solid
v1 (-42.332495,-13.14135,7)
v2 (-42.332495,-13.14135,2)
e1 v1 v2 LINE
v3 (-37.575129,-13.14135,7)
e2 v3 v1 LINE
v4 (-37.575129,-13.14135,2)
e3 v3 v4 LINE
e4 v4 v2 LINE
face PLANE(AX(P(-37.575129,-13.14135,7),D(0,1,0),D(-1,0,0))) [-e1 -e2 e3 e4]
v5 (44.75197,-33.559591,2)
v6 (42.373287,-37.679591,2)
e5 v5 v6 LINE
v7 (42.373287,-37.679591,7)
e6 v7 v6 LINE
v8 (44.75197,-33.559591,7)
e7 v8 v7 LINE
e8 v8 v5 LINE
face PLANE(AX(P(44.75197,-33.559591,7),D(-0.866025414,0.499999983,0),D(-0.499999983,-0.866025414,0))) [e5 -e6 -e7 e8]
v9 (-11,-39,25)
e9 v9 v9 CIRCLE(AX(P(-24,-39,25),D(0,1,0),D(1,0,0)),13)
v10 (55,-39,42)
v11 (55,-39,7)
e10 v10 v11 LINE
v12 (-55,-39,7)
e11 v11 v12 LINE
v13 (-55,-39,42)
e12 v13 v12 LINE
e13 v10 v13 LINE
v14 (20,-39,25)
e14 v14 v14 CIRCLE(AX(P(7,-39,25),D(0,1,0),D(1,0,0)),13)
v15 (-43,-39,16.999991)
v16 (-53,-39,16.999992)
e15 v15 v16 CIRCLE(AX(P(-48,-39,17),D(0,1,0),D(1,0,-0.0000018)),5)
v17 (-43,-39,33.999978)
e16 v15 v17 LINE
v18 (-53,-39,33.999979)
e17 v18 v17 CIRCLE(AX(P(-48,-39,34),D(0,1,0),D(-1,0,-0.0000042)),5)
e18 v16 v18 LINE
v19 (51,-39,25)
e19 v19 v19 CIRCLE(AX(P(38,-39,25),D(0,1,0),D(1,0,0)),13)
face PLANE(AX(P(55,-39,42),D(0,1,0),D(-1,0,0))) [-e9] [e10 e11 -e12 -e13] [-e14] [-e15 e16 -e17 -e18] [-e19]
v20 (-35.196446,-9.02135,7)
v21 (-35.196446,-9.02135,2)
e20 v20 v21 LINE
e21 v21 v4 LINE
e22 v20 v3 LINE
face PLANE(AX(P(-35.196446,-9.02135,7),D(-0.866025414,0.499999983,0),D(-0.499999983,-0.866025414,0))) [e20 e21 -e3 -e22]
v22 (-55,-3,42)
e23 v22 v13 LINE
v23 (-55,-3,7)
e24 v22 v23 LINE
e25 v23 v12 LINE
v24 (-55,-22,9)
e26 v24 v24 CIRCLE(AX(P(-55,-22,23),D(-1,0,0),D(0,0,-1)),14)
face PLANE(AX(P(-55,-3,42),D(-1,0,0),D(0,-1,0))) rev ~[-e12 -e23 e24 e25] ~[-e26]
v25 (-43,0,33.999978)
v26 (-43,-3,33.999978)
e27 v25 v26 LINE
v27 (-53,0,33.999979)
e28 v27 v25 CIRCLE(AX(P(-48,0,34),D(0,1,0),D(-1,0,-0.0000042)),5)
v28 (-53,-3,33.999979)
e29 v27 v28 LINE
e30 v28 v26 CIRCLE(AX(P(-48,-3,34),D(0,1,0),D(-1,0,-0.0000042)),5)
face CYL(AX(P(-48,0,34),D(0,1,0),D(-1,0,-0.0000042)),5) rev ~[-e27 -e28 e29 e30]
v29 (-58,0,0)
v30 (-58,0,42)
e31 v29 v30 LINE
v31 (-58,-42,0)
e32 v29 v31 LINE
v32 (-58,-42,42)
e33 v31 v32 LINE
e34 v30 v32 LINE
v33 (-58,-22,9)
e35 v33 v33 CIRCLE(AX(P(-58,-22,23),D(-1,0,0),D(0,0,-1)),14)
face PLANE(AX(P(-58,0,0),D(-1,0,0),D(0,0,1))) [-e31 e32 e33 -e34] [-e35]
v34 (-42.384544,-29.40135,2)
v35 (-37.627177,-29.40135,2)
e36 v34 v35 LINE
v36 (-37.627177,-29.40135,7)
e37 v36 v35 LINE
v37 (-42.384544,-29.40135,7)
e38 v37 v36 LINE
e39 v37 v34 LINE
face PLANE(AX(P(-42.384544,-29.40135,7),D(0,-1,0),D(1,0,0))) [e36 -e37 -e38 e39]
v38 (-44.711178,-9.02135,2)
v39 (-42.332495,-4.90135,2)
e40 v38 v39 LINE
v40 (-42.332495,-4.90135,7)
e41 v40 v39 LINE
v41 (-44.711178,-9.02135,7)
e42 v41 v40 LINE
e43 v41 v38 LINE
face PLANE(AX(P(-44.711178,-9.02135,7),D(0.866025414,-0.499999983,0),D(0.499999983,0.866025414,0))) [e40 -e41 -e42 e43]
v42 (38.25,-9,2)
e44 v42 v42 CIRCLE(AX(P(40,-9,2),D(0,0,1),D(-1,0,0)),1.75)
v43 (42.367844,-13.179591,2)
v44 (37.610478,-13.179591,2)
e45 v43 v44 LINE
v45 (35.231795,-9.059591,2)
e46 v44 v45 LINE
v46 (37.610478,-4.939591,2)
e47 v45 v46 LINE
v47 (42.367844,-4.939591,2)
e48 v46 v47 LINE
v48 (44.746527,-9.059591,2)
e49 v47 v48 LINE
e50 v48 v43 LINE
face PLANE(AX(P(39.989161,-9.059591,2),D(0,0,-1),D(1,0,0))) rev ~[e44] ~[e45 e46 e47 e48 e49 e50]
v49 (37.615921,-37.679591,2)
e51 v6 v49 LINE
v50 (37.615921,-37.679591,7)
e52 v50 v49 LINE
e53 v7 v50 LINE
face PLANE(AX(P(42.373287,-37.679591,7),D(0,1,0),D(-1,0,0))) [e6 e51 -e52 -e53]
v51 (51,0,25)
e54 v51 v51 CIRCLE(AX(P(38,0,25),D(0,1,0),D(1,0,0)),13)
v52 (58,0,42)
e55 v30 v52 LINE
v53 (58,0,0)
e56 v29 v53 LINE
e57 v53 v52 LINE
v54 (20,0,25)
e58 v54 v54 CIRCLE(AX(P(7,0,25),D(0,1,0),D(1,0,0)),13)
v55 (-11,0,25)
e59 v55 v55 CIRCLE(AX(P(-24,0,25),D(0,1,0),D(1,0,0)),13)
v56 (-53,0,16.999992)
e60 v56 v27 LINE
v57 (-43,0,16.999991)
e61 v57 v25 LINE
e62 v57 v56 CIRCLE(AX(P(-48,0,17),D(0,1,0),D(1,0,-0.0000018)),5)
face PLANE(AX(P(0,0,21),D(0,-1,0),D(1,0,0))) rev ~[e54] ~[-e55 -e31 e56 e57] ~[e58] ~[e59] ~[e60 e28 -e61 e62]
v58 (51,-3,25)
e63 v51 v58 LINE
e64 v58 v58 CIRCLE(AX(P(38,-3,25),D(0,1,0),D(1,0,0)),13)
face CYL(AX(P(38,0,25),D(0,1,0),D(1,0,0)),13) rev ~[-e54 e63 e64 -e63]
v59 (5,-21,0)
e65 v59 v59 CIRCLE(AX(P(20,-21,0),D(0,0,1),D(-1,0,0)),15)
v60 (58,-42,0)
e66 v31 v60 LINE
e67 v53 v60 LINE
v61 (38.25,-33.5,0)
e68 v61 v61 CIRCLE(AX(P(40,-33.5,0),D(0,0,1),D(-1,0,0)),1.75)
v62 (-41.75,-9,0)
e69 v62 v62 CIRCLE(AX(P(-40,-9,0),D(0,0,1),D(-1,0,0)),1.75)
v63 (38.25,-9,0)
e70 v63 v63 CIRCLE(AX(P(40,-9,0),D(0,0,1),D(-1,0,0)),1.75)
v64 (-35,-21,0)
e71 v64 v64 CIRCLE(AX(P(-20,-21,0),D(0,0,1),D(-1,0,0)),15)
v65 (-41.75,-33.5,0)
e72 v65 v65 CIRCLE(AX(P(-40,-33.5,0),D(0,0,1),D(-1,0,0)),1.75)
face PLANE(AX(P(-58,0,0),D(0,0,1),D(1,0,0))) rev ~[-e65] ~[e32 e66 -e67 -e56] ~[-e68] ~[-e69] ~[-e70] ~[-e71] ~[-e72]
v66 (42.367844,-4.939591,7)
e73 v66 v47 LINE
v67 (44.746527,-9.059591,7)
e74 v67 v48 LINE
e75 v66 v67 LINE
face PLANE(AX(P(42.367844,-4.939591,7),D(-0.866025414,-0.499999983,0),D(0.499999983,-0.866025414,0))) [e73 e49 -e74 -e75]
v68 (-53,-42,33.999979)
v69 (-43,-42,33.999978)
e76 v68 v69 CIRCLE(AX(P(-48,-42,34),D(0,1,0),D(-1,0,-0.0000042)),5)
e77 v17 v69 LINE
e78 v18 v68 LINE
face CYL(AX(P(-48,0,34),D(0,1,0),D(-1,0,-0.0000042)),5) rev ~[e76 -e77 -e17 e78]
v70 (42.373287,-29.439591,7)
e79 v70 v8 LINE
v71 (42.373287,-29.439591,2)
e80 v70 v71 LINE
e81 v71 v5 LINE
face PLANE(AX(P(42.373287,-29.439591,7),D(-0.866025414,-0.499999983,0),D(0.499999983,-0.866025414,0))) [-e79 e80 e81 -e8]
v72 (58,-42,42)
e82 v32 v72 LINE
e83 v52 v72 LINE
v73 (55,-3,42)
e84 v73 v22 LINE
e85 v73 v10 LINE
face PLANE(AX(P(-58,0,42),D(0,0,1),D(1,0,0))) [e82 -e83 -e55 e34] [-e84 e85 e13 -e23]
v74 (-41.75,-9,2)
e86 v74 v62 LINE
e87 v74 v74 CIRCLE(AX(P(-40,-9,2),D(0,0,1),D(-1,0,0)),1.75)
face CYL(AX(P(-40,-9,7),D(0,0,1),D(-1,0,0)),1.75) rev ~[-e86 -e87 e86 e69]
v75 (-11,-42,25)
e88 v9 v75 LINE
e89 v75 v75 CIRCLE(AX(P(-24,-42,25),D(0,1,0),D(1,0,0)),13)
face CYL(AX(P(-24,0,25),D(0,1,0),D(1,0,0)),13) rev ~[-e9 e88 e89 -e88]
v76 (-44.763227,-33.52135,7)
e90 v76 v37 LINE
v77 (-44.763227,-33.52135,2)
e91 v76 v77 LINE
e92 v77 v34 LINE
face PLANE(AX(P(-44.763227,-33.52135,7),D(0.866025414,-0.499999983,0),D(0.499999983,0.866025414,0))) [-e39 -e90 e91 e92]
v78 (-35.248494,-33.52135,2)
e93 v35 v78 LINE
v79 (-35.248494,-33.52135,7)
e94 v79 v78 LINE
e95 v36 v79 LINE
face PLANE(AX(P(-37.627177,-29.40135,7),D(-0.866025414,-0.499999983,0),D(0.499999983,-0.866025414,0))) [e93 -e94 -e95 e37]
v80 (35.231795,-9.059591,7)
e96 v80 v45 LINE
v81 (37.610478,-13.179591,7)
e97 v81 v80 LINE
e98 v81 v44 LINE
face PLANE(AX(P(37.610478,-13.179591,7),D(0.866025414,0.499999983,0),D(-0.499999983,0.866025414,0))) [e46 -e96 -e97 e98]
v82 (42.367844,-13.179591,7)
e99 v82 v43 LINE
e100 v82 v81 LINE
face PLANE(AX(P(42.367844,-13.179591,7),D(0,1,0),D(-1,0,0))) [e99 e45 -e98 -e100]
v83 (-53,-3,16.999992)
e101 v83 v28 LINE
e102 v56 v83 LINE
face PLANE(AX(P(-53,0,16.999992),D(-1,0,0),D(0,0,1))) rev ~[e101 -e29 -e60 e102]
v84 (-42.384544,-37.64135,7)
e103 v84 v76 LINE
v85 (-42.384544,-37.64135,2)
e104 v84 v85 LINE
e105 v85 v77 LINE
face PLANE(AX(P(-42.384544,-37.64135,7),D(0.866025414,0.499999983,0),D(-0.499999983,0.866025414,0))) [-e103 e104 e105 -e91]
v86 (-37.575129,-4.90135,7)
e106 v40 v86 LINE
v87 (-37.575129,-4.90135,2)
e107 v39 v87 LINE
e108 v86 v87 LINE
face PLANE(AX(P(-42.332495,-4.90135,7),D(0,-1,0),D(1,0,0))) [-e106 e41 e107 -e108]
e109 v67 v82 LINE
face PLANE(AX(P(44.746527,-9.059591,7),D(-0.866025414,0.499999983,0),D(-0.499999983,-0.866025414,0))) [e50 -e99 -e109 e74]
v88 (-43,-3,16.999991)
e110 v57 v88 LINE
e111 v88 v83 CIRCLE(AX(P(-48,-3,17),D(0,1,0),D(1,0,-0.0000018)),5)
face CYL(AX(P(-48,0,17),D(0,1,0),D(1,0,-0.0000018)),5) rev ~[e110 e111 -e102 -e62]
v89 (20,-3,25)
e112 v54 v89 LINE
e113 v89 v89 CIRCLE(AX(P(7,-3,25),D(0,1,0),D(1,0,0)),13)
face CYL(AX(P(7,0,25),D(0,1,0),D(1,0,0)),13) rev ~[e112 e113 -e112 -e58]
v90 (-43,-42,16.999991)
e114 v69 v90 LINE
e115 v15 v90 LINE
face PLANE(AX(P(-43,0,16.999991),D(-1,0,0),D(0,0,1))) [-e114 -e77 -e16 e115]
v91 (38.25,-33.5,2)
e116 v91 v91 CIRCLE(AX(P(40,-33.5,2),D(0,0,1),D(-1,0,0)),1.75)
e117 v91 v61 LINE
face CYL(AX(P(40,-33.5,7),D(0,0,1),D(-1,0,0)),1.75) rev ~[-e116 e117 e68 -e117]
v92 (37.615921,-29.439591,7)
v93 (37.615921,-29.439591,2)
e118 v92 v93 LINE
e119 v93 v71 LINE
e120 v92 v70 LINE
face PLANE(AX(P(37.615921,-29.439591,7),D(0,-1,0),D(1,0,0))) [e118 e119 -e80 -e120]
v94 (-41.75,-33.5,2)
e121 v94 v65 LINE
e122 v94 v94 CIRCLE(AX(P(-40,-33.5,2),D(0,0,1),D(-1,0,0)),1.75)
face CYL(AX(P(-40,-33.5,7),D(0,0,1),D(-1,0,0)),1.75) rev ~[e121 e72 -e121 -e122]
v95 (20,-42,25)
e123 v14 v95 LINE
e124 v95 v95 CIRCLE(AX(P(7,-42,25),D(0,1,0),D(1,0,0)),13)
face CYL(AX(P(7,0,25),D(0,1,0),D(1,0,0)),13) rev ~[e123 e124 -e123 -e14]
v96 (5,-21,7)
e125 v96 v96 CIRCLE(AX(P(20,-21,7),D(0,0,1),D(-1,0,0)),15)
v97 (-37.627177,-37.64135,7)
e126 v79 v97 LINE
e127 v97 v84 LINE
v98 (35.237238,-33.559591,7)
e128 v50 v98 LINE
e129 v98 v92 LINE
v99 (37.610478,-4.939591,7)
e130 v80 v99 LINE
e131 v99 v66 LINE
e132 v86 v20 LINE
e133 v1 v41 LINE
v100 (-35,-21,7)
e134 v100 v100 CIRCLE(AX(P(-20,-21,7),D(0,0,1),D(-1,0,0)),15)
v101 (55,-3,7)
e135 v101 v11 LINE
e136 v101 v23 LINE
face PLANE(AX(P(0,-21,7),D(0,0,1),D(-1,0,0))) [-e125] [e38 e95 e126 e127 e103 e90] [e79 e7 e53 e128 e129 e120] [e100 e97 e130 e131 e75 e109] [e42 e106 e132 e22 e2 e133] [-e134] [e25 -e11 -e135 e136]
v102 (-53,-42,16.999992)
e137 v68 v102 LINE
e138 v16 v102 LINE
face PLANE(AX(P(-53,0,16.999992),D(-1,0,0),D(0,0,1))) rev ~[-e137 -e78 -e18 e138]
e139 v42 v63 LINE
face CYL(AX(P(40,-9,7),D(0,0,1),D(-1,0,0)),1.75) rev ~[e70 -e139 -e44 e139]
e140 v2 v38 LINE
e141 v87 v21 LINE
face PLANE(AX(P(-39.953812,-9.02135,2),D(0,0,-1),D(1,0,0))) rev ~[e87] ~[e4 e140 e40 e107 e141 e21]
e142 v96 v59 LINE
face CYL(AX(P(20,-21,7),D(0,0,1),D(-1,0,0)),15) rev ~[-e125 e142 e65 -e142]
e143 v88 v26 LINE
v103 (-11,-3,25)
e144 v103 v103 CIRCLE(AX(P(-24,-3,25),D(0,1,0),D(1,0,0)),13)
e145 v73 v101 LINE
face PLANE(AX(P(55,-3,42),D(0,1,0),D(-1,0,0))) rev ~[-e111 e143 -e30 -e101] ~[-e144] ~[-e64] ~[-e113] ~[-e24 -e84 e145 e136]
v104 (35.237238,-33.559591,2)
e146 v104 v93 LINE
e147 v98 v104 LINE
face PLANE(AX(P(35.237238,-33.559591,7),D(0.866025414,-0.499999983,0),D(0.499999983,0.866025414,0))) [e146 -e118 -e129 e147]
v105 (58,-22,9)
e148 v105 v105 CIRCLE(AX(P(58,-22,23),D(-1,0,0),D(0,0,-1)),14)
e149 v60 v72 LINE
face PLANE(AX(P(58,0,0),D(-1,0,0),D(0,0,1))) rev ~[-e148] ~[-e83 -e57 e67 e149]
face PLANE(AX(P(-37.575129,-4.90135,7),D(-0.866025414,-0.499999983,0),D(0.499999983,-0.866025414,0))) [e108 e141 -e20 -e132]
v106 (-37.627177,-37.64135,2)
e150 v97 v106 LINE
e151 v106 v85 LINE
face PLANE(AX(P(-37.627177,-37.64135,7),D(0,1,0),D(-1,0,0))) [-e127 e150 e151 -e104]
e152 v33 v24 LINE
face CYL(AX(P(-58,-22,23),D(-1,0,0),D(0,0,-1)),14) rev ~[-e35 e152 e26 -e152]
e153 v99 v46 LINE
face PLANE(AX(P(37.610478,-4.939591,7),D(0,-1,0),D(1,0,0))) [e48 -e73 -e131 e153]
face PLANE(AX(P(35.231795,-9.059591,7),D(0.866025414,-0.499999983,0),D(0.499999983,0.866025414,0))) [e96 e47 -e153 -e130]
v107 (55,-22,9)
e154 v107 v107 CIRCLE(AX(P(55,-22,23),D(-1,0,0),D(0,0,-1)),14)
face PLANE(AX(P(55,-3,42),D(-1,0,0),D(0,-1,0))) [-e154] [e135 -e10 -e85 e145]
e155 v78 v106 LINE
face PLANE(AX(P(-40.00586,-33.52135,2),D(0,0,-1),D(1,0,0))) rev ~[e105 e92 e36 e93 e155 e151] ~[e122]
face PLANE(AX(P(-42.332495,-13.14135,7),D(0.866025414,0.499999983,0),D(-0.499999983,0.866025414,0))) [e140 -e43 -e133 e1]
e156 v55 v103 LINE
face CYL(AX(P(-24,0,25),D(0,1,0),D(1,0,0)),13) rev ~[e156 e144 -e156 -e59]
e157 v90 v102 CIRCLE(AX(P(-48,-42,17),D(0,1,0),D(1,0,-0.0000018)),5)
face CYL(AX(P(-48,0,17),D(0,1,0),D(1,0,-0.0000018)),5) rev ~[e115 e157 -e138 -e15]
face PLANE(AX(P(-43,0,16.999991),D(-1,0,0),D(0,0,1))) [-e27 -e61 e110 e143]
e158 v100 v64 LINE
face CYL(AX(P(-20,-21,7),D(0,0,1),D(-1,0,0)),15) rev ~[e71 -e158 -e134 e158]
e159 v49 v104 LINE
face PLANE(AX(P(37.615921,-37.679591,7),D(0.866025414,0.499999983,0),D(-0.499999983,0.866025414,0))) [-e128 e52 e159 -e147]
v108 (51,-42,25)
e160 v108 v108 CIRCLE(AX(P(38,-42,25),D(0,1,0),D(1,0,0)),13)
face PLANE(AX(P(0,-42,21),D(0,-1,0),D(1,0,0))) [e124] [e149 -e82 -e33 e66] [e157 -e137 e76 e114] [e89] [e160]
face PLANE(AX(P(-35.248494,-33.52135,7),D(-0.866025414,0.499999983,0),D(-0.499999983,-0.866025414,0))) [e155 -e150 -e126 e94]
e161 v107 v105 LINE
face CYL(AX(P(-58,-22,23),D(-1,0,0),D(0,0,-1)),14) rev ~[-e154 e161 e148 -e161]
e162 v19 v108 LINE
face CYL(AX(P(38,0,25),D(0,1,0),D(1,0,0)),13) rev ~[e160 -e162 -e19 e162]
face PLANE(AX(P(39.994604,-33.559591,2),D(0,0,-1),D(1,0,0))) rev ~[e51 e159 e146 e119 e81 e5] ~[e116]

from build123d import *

# Parameters (mm, degrees)
SKETCH_W        = 116
SKETCH_H        = 42
PAD_DEPTH       = 42
SKETCH005_W     = 110
SKETCH005_H     = 36
POCKET_DEPTH    = 35
SKETCH006_R     = 1.75
SKETCH006_R_2   = 15
POCKET001_DEPTH = 7.001
POCKET002_DEPTH = 5
SKETCH007_R     = 13
POCKET003_DEPTH = 42.001
SKETCH008_R     = 14
POCKET004_DEPTH = 116.001


with BuildPart() as part:
    # Sketch → Pad (new body)
    with BuildSketch(Plane.XZ):
        with Locations((0, 21)):
            Rectangle(SKETCH_W, SKETCH_H)
    extrude(amount=PAD_DEPTH)

    # Sketch005 → Pocket (cut)
    with BuildSketch(Plane(origin=(0, 0, 42), x_dir=(-1, 0, 0), z_dir=(0, 0, 1))):
        with Locations((0, 21)):
            Rectangle(SKETCH005_W, SKETCH005_H)
    extrude(amount=-POCKET_DEPTH, mode=Mode.SUBTRACT)

    # Sketch006 → Pocket001 (cut, through all)
    with BuildSketch(Plane(origin=(0, 0, 7), x_dir=(-1, 0, 0), z_dir=(0, 0, 1))):
        with Locations((-40, 33.5)):
            Circle(SKETCH006_R)
        with Locations((40, 33.5)):
            Circle(SKETCH006_R)
        with Locations((-40, 9)):
            Circle(SKETCH006_R)
        with Locations((40, 9)):
            Circle(SKETCH006_R)
        with Locations((-20, 21)):
            Circle(SKETCH006_R_2)
        with Locations((20, 21)):
            Circle(SKETCH006_R_2)
    extrude(amount=-POCKET001_DEPTH, mode=Mode.SUBTRACT)

    # Sketch011 → Pocket002 (cut)
    with BuildSketch(Plane(origin=(0, 0, 7), x_dir=(-1, 0, 0), z_dir=(0, 0, 1))):
        Polygon((-42.373287, 37.679591), (-37.615921, 37.679591), (-35.237238, 33.559591), (-37.615921, 29.439591), (-42.373287, 29.439591), (-44.75197, 33.559591), align=None)
        Polygon((37.627177, 37.64135), (42.384544, 37.64135), (44.763227, 33.52135), (42.384544, 29.40135), (37.627177, 29.40135), (35.248494, 33.52135), align=None)
        Polygon((37.575129, 13.14135), (42.332495, 13.14135), (44.711178, 9.02135), (42.332495, 4.90135), (37.575129, 4.90135), (35.196446, 9.02135), align=None)
        Polygon((-42.367844, 13.179591), (-37.610478, 13.179591), (-35.231795, 9.059591), (-37.610478, 4.939591), (-42.367844, 4.939591), (-44.746527, 9.059591), align=None)
    extrude(amount=-POCKET002_DEPTH, mode=Mode.SUBTRACT)

    # Sketch007 → Pocket003 (cut, through all)
    with BuildSketch(Plane(origin=(0, 0, 0), x_dir=(1, 0, 0), z_dir=(0, 1, 0))):
        with Locations((-24, -25)):
            Circle(SKETCH007_R)
        with Locations((7, -25)):
            Circle(SKETCH007_R)
        with Locations((38, -25)):
            Circle(SKETCH007_R)
        with BuildLine():
            ThreePointArc((-43, -16.999991), (-48, -12), (-53, -16.999992))
            Line((-53, -16.999992), (-53, -33.999979))
            ThreePointArc((-53, -33.999979), (-48, -39), (-43, -33.999978))
            Line((-43, -16.999991), (-43, -33.999978))
        make_face()
    extrude(amount=-POCKET003_DEPTH, mode=Mode.SUBTRACT)

    # Sketch008 → Pocket004 (cut, through all)
    with BuildSketch(Plane(origin=(-58, 0, 0), x_dir=(0, 0, -1), z_dir=(-1, 0, 0))):
        with Locations((-23, 22)):
            Circle(SKETCH008_R)
    extrude(amount=-POCKET004_DEPTH, mode=Mode.SUBTRACT)


solid = part.part
